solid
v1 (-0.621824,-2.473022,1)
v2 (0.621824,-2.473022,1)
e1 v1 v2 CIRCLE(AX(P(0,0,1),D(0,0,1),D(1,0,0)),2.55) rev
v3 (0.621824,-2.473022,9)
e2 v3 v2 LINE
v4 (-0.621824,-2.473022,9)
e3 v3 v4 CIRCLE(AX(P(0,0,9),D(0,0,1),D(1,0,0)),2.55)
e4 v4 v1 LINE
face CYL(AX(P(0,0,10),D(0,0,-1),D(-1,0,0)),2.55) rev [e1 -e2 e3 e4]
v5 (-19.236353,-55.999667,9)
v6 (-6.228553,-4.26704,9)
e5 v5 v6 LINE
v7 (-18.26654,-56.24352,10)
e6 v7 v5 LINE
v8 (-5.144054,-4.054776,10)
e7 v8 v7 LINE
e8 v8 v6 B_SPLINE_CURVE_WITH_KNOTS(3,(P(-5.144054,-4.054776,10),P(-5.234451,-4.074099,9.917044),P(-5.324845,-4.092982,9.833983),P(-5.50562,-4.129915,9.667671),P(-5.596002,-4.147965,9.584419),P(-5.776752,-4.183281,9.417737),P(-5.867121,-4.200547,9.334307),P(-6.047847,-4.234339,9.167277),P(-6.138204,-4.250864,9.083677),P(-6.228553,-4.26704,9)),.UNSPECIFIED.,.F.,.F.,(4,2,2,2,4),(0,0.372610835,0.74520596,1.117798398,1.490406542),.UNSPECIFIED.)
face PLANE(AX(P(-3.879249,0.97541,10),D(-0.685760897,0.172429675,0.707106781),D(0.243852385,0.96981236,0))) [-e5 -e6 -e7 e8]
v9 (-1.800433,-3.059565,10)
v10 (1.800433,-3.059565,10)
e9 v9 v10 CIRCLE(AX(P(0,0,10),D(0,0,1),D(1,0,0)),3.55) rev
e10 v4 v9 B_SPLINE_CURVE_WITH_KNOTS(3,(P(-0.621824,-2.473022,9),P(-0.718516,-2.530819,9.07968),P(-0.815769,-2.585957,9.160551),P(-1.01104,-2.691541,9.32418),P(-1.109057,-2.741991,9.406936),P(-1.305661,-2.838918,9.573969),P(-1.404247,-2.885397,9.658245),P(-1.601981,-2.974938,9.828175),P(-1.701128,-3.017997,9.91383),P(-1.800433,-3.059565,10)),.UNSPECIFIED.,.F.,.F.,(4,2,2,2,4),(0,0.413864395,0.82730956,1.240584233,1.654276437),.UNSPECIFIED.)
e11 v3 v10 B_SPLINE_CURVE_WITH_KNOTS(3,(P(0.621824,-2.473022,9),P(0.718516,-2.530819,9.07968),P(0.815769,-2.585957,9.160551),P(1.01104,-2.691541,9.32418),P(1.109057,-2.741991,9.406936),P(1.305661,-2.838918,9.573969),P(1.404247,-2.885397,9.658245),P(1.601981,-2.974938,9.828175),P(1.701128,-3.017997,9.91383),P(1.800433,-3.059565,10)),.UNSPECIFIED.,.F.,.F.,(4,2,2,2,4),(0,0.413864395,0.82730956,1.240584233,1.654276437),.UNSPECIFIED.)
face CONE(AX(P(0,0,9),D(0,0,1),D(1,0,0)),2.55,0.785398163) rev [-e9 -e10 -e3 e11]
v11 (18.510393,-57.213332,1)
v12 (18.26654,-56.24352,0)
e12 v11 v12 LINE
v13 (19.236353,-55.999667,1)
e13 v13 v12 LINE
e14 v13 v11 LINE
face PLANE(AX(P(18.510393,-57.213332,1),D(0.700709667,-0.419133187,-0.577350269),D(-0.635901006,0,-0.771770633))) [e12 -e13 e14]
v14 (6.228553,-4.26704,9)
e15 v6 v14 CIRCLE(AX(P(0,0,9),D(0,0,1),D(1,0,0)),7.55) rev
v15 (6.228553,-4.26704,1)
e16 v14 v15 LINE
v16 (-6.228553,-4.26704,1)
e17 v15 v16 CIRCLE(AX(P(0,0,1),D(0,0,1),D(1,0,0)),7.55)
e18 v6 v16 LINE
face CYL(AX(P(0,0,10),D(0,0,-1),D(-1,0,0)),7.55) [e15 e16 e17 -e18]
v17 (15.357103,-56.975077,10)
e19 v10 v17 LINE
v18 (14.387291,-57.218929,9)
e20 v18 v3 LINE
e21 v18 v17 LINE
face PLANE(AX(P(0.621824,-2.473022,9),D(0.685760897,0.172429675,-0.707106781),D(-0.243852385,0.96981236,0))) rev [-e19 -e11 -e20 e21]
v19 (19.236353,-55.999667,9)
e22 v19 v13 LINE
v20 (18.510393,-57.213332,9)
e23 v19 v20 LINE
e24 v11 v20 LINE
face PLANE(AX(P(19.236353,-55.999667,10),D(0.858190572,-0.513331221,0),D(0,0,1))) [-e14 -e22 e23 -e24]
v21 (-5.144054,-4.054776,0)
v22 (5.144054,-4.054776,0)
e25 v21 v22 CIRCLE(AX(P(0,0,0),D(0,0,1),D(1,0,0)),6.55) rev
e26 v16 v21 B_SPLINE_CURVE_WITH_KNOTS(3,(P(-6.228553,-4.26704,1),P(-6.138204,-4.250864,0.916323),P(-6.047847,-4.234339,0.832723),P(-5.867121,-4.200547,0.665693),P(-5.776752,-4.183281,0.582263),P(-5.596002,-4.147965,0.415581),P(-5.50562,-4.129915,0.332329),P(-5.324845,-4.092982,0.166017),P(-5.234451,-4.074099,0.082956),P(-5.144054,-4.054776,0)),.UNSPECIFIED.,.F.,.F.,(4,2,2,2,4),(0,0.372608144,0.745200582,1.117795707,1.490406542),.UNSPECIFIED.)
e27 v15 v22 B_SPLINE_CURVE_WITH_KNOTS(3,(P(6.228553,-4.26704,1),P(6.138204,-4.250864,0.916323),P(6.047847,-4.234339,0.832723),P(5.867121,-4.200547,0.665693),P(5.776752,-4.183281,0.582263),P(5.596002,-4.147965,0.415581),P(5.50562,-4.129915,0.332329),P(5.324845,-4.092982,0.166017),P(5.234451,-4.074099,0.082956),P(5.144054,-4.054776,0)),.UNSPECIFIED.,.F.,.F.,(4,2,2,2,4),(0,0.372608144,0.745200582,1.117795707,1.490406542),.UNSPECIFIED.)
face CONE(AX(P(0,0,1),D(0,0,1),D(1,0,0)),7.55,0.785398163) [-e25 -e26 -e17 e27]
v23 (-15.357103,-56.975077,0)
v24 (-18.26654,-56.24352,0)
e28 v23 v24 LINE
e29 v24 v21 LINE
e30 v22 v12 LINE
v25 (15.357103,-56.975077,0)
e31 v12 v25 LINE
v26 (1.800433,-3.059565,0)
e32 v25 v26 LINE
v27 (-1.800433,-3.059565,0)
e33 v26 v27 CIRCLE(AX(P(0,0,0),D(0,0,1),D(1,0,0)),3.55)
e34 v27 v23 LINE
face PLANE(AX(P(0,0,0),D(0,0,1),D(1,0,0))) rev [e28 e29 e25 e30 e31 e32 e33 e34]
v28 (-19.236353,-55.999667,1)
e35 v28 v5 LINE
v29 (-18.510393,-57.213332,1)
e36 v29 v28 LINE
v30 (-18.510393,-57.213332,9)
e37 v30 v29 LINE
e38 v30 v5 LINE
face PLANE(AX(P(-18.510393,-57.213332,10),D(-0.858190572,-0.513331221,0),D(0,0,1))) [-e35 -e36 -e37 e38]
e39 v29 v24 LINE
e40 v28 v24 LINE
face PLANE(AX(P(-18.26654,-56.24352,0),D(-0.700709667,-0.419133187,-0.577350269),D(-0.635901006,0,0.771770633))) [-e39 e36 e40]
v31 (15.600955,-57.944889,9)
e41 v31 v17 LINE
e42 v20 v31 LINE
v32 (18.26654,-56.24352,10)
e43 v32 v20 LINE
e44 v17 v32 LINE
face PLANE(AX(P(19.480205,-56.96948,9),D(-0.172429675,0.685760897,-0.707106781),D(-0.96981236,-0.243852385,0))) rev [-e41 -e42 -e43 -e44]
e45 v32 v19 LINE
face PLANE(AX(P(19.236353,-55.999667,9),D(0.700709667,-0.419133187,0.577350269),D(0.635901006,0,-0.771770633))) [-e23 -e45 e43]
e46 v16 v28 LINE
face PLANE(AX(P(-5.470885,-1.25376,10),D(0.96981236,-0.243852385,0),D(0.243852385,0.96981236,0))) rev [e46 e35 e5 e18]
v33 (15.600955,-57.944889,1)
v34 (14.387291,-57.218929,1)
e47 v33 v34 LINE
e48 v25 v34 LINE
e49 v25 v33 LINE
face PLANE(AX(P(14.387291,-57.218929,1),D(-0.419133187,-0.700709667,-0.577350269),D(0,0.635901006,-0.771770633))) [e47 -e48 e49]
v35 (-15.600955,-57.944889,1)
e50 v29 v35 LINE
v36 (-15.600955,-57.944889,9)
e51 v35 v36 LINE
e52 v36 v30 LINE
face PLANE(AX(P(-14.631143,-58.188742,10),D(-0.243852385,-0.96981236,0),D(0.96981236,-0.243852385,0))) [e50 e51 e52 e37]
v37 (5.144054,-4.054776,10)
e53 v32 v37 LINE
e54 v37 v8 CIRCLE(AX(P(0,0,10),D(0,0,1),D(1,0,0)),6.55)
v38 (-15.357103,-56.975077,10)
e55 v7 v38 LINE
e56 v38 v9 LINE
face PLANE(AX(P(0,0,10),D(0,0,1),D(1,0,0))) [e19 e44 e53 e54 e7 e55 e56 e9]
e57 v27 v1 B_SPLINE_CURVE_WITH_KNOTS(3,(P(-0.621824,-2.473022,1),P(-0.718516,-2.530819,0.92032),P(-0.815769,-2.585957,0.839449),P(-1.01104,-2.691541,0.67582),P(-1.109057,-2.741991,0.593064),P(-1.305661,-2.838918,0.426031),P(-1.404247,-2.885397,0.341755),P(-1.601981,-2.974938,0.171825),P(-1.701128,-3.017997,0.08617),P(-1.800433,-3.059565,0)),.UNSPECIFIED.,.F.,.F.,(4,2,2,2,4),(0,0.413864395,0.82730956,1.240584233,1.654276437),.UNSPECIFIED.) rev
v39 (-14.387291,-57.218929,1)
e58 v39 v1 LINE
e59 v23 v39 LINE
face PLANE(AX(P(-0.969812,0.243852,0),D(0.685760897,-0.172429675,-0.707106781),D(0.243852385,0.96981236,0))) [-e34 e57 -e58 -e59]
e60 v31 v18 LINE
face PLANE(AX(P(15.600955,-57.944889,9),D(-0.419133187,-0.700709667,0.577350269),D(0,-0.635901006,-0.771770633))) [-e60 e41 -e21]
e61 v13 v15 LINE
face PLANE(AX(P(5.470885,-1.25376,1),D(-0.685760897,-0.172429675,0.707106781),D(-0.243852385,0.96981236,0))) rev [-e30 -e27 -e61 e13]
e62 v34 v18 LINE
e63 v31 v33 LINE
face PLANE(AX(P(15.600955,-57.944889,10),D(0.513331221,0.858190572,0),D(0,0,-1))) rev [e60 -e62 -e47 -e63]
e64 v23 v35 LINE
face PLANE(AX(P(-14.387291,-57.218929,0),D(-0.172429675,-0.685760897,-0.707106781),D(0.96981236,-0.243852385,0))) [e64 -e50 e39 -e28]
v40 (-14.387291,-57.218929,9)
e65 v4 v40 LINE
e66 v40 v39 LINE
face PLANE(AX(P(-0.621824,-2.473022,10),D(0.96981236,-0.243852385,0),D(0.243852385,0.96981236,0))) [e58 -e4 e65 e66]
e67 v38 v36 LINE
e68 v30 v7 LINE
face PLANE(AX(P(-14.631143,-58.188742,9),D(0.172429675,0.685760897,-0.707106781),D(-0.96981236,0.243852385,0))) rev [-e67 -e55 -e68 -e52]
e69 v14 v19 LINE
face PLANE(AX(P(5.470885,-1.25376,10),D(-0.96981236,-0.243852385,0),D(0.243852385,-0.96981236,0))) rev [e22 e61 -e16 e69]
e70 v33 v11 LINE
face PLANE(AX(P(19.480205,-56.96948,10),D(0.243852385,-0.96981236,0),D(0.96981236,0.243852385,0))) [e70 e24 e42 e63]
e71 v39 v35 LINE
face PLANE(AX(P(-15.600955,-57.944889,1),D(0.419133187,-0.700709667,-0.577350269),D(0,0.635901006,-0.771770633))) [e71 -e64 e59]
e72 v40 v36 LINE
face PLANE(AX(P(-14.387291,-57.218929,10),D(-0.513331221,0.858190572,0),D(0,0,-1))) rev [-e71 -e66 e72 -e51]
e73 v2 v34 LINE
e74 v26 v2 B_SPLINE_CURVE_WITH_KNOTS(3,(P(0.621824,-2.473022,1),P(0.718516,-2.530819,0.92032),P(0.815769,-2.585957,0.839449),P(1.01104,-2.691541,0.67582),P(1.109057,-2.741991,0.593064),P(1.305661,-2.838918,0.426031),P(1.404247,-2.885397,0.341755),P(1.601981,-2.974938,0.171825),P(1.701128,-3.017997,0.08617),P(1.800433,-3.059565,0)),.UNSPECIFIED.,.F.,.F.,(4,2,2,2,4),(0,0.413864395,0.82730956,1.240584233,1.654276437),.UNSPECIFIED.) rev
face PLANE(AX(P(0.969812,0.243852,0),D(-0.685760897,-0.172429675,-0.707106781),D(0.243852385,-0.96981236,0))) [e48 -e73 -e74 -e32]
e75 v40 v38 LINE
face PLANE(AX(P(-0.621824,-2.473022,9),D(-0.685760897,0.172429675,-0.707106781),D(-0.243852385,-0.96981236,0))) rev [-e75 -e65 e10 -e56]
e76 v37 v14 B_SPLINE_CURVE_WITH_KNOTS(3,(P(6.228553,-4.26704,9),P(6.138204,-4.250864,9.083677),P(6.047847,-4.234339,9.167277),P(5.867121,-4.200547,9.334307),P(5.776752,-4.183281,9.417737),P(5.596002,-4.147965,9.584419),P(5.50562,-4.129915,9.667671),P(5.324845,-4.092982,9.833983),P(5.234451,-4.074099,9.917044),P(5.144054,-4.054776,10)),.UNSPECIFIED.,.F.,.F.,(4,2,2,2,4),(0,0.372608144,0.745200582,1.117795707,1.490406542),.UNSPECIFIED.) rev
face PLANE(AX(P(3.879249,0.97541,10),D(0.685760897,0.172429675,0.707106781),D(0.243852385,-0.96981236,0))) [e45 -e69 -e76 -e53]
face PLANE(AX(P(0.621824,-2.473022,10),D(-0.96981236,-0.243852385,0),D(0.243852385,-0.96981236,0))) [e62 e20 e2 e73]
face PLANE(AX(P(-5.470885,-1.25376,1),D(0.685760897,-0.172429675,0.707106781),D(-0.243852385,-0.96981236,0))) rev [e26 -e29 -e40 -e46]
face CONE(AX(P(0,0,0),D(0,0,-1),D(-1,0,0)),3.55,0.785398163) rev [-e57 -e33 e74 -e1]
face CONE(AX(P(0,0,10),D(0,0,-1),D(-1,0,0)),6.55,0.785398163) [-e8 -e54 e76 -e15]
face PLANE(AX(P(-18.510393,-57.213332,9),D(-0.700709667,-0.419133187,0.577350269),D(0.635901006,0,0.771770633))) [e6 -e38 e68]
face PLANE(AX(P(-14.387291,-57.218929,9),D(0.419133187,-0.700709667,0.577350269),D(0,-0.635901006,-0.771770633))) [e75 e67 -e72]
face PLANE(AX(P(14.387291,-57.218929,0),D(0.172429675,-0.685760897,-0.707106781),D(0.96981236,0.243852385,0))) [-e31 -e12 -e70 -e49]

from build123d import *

# Parameters (mm, degrees)
EXTRUDE_1_DEPTH = 10
CHAMFER_1_SIZE  = 1


with BuildPart() as part:
    # 草图1 → 拉伸-薄壁1 (new body)
    with BuildSketch(Plane.XY):
        with BuildLine():
            Line((14.631143099, -58.188741623), (0.621823582, -2.473021519))
            ThreePointArc((0.621823582, -2.473021519), (0, 2.55), (-0.621823582, -2.473021519))
            Line((-0.621823582, -2.473021519), (-14.631143099, -58.188741623))
            Line((-14.631143099, -58.188741623), (-19.480204901, -56.969479698))
            Line((-19.480204901, -56.969479698), (-6.228553085, -4.267039543))
            ThreePointArc((-6.228553085, -4.267039543), (0, 7.55), (6.228553085, -4.267039543))
            Line((6.228553085, -4.267039543), (19.480204901, -56.969479698))
            Line((19.480204901, -56.969479698), (14.631143099, -58.188741623))
        make_face()
    extrude(amount=EXTRUDE_1_DEPTH)

    # 倒角1
    chamfer_1_edges = [part.edges().sort_by_distance(p)[0] for p in [
        (19.480204901, -56.969479698, 5),
        (14.631143099, -58.188741623, 5),
        (-14.631143099, -58.188741623, 5),
        (-7.62648334, -30.330881571, 10),
        (-19.480204901, -56.969479698, 5),
        (0, 2.55, 10),
        (7.62648334, -30.330881571, 10),
        (17.055674, -57.57911066, 10),
        (12.854378993, -30.61825962, 10),
        (0, 7.55, 10),
        (-12.854378993, -30.61825962, 10),
        (0, 7.55, 0),
        (12.854378993, -30.61825962, 0),
        (17.055674, -57.57911066, 0),
        (7.62648334, -30.330881571, 0),
        (0, 2.55, 0),
        (-17.055674, -57.57911066, 10),
        (-7.62648334, -30.330881571, 0),
        (-17.055674, -57.57911066, 0),
        (-12.854378993, -30.61825962, 0),
    ]]
    chamfer(chamfer_1_edges, length=CHAMFER_1_SIZE)


solid = part.part
